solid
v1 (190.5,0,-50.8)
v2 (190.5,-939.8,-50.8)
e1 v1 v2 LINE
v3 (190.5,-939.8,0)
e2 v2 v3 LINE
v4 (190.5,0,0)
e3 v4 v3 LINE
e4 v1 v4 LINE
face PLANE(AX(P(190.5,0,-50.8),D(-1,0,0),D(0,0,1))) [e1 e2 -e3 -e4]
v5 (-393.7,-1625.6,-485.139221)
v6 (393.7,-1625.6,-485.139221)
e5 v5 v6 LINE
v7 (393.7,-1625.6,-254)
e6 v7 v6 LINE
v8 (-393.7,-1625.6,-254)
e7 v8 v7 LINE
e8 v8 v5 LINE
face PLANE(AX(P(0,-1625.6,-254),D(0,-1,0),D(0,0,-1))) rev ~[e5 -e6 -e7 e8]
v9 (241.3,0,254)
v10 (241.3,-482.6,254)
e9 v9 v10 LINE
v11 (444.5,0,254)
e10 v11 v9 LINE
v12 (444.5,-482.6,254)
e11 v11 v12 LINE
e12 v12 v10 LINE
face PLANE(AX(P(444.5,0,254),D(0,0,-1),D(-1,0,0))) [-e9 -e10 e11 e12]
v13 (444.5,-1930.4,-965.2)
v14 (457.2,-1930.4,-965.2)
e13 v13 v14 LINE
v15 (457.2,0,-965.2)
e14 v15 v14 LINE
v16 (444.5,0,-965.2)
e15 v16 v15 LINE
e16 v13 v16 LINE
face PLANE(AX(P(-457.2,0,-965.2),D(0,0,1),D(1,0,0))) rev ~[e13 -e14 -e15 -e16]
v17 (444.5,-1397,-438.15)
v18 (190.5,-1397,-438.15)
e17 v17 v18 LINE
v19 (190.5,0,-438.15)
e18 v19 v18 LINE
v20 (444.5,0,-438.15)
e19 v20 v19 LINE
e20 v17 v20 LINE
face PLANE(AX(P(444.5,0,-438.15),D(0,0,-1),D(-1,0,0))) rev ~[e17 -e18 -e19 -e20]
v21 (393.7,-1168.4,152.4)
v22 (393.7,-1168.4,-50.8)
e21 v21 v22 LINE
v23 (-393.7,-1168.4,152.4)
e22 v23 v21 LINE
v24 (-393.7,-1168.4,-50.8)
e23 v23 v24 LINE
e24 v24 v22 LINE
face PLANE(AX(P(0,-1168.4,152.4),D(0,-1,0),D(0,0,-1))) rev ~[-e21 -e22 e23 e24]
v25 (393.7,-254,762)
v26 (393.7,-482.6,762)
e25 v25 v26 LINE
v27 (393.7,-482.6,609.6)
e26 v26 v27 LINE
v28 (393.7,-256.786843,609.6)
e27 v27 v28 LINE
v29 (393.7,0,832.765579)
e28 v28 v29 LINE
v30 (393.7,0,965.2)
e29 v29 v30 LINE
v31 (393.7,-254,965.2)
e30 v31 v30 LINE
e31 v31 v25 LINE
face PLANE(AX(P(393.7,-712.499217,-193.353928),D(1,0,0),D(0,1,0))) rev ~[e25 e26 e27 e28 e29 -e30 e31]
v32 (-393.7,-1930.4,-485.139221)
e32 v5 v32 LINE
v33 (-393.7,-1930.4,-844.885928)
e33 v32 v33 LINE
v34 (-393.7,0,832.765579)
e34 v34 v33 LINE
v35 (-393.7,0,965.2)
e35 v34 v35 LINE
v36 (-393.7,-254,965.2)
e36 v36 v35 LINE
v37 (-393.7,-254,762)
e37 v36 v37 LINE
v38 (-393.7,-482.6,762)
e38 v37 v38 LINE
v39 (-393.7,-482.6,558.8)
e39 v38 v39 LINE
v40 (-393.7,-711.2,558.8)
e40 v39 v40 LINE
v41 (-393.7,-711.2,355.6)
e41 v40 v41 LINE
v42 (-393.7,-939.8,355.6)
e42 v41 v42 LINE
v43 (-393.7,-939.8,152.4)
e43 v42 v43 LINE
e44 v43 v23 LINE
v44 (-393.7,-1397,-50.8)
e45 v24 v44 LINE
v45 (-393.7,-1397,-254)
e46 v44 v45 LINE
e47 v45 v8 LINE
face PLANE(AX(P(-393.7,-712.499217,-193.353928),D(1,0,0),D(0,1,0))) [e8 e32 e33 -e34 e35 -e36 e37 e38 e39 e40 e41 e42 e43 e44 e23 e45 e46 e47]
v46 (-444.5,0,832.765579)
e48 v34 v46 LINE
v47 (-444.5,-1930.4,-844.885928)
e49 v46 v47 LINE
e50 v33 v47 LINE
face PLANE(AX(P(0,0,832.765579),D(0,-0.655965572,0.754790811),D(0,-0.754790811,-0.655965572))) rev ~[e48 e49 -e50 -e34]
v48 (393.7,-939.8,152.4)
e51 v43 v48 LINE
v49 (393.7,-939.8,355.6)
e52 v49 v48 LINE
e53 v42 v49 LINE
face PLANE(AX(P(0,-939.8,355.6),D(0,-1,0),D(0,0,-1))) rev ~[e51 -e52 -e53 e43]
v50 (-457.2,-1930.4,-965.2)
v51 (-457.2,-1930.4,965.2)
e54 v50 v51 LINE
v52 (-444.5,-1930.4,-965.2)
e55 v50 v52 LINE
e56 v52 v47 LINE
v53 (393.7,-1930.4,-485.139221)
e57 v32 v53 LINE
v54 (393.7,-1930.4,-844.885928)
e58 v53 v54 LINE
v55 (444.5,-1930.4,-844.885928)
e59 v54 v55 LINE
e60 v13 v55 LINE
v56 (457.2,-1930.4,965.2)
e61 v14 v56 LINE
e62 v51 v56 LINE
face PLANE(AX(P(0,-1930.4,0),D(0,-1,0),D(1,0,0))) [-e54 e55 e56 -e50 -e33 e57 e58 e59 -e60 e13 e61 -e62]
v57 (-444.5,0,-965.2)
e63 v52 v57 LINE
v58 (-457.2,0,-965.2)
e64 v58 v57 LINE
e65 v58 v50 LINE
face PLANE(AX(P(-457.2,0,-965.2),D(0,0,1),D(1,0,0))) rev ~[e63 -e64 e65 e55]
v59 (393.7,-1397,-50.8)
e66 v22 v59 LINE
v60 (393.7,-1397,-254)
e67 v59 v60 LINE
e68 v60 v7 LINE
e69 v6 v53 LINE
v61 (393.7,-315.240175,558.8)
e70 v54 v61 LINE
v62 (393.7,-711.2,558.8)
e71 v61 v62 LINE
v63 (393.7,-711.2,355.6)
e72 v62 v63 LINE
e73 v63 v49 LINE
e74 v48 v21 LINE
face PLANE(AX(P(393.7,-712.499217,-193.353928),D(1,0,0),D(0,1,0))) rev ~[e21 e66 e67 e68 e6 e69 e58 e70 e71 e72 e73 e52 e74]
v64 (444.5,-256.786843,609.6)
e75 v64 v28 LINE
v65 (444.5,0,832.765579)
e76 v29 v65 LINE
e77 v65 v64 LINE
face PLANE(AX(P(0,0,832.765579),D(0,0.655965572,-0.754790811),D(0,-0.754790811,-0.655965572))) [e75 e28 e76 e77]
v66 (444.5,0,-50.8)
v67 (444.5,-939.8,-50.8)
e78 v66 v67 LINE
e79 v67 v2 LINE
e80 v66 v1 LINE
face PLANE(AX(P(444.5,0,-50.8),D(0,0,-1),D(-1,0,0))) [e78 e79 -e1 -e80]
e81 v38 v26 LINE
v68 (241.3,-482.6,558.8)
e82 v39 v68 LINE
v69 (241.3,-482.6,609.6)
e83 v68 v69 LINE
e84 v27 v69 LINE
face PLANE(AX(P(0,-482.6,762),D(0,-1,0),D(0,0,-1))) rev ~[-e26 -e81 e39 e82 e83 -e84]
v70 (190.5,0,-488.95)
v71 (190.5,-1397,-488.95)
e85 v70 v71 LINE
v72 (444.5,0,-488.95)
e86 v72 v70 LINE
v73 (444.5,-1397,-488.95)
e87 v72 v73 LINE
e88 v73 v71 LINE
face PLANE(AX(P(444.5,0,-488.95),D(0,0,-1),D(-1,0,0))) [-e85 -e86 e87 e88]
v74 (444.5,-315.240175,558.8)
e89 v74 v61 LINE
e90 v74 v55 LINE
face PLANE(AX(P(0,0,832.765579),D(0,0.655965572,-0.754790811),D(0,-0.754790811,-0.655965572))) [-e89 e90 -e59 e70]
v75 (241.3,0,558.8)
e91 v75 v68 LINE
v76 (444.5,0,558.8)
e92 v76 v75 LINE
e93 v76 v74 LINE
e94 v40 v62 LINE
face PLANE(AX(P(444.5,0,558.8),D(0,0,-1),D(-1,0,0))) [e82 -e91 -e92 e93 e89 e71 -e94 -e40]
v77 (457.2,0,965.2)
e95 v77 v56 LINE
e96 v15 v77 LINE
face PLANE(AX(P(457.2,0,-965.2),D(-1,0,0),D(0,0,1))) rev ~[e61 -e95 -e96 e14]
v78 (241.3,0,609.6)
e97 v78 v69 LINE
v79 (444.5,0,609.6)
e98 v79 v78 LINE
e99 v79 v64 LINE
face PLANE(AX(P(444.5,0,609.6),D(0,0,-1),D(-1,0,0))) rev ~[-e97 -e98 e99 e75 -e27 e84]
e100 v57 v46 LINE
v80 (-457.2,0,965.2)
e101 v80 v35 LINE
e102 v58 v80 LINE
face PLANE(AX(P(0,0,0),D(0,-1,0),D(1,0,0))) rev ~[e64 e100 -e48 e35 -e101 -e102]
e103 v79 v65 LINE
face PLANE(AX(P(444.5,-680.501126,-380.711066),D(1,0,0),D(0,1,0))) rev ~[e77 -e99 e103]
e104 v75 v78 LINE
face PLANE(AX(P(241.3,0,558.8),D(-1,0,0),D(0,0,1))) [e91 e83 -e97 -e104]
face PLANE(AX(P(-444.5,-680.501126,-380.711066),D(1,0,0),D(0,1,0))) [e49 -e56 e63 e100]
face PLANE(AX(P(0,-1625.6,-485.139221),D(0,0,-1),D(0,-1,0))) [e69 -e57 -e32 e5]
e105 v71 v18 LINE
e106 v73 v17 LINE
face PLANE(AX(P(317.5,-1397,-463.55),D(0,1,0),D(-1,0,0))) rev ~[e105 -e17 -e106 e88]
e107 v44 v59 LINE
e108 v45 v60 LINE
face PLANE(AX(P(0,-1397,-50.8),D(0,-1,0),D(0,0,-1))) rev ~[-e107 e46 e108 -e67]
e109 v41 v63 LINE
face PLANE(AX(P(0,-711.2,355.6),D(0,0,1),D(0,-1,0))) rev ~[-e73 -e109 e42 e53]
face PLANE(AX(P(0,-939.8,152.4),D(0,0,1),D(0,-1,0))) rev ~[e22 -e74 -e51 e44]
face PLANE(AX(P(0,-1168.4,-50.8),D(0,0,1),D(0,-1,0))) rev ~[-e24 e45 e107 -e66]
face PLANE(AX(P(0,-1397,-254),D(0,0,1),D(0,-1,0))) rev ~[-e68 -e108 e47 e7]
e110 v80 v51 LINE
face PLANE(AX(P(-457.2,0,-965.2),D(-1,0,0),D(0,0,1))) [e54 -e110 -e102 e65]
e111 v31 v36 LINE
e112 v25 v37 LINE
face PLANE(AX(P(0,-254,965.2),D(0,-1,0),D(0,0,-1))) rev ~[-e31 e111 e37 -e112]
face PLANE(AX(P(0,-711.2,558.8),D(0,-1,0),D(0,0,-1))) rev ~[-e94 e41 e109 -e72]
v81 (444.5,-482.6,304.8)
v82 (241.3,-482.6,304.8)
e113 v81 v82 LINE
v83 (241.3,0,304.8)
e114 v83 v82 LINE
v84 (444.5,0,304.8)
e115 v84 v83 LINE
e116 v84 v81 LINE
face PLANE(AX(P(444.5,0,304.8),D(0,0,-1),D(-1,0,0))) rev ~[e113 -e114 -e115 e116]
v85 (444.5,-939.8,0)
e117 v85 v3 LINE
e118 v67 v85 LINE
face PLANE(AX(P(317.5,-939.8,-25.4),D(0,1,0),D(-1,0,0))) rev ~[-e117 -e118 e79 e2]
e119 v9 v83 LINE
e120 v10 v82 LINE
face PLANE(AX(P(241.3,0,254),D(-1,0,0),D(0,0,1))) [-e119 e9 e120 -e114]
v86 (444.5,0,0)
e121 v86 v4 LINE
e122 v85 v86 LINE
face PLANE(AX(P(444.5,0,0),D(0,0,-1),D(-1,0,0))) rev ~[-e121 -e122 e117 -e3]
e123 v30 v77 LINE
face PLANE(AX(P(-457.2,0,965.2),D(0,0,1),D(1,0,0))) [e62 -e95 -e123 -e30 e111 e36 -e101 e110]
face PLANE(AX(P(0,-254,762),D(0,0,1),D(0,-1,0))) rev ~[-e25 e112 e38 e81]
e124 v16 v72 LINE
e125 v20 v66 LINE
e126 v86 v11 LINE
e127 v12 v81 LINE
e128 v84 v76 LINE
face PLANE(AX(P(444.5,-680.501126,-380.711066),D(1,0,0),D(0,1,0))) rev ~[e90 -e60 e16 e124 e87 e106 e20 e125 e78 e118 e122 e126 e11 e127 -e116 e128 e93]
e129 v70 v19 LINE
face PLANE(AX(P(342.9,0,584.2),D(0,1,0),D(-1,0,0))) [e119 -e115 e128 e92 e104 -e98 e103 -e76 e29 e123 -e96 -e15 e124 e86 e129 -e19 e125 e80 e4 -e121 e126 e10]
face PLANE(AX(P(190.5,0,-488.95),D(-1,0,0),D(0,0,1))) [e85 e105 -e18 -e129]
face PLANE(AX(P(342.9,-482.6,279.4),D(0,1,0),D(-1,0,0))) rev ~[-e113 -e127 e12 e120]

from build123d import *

# Parameters (mm, degrees)
F0_W          = 914.4
F0_H          = 1930.4
F1_DEPTH      = 1930.4
F3_DEPTH      = 393.7
F3_DEPTH_BACK = 393.7
F5_DEPTH      = 444.5
F5_DEPTH_BACK = 444.5
F6_W          = 254
F6_H          = 50.8
F6_W_2        = 203.2
F7_DEPTH      = 482.6
F8_W          = 254
F8_H          = 50.8
F9_DEPTH      = 1397
F10_W         = 254
F10_H         = 50.8
F11_DEPTH     = 939.8


with BuildPart() as f1:
    # F0 (on Front) → F1 (new body)
    with BuildSketch(Plane.XZ):
        Rectangle(F0_W, F0_H)
    extrude(amount=F1_DEPTH)

    # F2 (on Right) → F3 (cut, two sides)
    with BuildSketch(Plane.YZ) as f3_sk:
        Polygon((81.8748995662, 971.9918370247), (-254, 965.2), (-254, 762), (-482.6, 762), (-482.6, 558.8), (-711.2, 558.8), (-711.2, 355.6), (-939.8, 355.6), (-939.8, 152.4), (-1168.4, 152.4), (-1168.4, -50.8), (-1397, -50.8), (-1397, -254), (-1625.6, -254), (-1625.6, -485.139220953), (-1930.4, -485.139220953), (-1930.4, -969.014108181), (215.3691798449, -969.014108181), align=None)
    extrude(amount=-F3_DEPTH, mode=Mode.SUBTRACT)
    extrude(f3_sk.sketch, amount=F3_DEPTH_BACK, mode=Mode.SUBTRACT)

    # F4 (on Right) → F5 (cut, two sides)
    with BuildSketch(Plane.YZ) as f5_sk:
        Polygon((233.0105304718, -1000.3662109375), (0, 832.7655792236), (-1940.5599832535, -853.7156581879), (-2034.8353385925, -1000.3662109375), align=None)
    extrude(amount=-F5_DEPTH, mode=Mode.SUBTRACT)
    extrude(f5_sk.sketch, amount=F5_DEPTH_BACK, mode=Mode.SUBTRACT)

    # F6 (on face) → F7 (join, through all)
    with BuildSketch(Plane(origin=(0, 0, 0), x_dir=(-1, 0, 0), z_dir=(0, 1, 0))):
        with Locations((-317.5, -463.55)):
            Rectangle(F6_W, F6_H)
        with Locations((-317.5, -25.4)):
            Rectangle(F6_W, F6_H)
        with Locations((-342.9, 279.4)):
            Rectangle(F6_W_2, F6_H)
        with Locations((-342.9, 584.2)):
            Rectangle(F6_W_2, F6_H)
    extrude(amount=-F7_DEPTH)

    # F8 (on face) → F9 (join, through all)
    with BuildSketch(Plane(origin=(0, 0, 0), x_dir=(-1, 0, 0), z_dir=(0, 1, 0))):
        with Locations((-317.5, -463.55)):
            Rectangle(F8_W, F8_H)
    extrude(amount=-F9_DEPTH)

    # F10 (on face) → F11 (join, through all)
    with BuildSketch(Plane(origin=(0, 0, 0), x_dir=(-1, 0, 0), z_dir=(0, 1, 0))):
        with Locations((-317.5, -25.4)):
            Rectangle(F10_W, F10_H)
    extrude(amount=-F11_DEPTH)


solid = f1.part
